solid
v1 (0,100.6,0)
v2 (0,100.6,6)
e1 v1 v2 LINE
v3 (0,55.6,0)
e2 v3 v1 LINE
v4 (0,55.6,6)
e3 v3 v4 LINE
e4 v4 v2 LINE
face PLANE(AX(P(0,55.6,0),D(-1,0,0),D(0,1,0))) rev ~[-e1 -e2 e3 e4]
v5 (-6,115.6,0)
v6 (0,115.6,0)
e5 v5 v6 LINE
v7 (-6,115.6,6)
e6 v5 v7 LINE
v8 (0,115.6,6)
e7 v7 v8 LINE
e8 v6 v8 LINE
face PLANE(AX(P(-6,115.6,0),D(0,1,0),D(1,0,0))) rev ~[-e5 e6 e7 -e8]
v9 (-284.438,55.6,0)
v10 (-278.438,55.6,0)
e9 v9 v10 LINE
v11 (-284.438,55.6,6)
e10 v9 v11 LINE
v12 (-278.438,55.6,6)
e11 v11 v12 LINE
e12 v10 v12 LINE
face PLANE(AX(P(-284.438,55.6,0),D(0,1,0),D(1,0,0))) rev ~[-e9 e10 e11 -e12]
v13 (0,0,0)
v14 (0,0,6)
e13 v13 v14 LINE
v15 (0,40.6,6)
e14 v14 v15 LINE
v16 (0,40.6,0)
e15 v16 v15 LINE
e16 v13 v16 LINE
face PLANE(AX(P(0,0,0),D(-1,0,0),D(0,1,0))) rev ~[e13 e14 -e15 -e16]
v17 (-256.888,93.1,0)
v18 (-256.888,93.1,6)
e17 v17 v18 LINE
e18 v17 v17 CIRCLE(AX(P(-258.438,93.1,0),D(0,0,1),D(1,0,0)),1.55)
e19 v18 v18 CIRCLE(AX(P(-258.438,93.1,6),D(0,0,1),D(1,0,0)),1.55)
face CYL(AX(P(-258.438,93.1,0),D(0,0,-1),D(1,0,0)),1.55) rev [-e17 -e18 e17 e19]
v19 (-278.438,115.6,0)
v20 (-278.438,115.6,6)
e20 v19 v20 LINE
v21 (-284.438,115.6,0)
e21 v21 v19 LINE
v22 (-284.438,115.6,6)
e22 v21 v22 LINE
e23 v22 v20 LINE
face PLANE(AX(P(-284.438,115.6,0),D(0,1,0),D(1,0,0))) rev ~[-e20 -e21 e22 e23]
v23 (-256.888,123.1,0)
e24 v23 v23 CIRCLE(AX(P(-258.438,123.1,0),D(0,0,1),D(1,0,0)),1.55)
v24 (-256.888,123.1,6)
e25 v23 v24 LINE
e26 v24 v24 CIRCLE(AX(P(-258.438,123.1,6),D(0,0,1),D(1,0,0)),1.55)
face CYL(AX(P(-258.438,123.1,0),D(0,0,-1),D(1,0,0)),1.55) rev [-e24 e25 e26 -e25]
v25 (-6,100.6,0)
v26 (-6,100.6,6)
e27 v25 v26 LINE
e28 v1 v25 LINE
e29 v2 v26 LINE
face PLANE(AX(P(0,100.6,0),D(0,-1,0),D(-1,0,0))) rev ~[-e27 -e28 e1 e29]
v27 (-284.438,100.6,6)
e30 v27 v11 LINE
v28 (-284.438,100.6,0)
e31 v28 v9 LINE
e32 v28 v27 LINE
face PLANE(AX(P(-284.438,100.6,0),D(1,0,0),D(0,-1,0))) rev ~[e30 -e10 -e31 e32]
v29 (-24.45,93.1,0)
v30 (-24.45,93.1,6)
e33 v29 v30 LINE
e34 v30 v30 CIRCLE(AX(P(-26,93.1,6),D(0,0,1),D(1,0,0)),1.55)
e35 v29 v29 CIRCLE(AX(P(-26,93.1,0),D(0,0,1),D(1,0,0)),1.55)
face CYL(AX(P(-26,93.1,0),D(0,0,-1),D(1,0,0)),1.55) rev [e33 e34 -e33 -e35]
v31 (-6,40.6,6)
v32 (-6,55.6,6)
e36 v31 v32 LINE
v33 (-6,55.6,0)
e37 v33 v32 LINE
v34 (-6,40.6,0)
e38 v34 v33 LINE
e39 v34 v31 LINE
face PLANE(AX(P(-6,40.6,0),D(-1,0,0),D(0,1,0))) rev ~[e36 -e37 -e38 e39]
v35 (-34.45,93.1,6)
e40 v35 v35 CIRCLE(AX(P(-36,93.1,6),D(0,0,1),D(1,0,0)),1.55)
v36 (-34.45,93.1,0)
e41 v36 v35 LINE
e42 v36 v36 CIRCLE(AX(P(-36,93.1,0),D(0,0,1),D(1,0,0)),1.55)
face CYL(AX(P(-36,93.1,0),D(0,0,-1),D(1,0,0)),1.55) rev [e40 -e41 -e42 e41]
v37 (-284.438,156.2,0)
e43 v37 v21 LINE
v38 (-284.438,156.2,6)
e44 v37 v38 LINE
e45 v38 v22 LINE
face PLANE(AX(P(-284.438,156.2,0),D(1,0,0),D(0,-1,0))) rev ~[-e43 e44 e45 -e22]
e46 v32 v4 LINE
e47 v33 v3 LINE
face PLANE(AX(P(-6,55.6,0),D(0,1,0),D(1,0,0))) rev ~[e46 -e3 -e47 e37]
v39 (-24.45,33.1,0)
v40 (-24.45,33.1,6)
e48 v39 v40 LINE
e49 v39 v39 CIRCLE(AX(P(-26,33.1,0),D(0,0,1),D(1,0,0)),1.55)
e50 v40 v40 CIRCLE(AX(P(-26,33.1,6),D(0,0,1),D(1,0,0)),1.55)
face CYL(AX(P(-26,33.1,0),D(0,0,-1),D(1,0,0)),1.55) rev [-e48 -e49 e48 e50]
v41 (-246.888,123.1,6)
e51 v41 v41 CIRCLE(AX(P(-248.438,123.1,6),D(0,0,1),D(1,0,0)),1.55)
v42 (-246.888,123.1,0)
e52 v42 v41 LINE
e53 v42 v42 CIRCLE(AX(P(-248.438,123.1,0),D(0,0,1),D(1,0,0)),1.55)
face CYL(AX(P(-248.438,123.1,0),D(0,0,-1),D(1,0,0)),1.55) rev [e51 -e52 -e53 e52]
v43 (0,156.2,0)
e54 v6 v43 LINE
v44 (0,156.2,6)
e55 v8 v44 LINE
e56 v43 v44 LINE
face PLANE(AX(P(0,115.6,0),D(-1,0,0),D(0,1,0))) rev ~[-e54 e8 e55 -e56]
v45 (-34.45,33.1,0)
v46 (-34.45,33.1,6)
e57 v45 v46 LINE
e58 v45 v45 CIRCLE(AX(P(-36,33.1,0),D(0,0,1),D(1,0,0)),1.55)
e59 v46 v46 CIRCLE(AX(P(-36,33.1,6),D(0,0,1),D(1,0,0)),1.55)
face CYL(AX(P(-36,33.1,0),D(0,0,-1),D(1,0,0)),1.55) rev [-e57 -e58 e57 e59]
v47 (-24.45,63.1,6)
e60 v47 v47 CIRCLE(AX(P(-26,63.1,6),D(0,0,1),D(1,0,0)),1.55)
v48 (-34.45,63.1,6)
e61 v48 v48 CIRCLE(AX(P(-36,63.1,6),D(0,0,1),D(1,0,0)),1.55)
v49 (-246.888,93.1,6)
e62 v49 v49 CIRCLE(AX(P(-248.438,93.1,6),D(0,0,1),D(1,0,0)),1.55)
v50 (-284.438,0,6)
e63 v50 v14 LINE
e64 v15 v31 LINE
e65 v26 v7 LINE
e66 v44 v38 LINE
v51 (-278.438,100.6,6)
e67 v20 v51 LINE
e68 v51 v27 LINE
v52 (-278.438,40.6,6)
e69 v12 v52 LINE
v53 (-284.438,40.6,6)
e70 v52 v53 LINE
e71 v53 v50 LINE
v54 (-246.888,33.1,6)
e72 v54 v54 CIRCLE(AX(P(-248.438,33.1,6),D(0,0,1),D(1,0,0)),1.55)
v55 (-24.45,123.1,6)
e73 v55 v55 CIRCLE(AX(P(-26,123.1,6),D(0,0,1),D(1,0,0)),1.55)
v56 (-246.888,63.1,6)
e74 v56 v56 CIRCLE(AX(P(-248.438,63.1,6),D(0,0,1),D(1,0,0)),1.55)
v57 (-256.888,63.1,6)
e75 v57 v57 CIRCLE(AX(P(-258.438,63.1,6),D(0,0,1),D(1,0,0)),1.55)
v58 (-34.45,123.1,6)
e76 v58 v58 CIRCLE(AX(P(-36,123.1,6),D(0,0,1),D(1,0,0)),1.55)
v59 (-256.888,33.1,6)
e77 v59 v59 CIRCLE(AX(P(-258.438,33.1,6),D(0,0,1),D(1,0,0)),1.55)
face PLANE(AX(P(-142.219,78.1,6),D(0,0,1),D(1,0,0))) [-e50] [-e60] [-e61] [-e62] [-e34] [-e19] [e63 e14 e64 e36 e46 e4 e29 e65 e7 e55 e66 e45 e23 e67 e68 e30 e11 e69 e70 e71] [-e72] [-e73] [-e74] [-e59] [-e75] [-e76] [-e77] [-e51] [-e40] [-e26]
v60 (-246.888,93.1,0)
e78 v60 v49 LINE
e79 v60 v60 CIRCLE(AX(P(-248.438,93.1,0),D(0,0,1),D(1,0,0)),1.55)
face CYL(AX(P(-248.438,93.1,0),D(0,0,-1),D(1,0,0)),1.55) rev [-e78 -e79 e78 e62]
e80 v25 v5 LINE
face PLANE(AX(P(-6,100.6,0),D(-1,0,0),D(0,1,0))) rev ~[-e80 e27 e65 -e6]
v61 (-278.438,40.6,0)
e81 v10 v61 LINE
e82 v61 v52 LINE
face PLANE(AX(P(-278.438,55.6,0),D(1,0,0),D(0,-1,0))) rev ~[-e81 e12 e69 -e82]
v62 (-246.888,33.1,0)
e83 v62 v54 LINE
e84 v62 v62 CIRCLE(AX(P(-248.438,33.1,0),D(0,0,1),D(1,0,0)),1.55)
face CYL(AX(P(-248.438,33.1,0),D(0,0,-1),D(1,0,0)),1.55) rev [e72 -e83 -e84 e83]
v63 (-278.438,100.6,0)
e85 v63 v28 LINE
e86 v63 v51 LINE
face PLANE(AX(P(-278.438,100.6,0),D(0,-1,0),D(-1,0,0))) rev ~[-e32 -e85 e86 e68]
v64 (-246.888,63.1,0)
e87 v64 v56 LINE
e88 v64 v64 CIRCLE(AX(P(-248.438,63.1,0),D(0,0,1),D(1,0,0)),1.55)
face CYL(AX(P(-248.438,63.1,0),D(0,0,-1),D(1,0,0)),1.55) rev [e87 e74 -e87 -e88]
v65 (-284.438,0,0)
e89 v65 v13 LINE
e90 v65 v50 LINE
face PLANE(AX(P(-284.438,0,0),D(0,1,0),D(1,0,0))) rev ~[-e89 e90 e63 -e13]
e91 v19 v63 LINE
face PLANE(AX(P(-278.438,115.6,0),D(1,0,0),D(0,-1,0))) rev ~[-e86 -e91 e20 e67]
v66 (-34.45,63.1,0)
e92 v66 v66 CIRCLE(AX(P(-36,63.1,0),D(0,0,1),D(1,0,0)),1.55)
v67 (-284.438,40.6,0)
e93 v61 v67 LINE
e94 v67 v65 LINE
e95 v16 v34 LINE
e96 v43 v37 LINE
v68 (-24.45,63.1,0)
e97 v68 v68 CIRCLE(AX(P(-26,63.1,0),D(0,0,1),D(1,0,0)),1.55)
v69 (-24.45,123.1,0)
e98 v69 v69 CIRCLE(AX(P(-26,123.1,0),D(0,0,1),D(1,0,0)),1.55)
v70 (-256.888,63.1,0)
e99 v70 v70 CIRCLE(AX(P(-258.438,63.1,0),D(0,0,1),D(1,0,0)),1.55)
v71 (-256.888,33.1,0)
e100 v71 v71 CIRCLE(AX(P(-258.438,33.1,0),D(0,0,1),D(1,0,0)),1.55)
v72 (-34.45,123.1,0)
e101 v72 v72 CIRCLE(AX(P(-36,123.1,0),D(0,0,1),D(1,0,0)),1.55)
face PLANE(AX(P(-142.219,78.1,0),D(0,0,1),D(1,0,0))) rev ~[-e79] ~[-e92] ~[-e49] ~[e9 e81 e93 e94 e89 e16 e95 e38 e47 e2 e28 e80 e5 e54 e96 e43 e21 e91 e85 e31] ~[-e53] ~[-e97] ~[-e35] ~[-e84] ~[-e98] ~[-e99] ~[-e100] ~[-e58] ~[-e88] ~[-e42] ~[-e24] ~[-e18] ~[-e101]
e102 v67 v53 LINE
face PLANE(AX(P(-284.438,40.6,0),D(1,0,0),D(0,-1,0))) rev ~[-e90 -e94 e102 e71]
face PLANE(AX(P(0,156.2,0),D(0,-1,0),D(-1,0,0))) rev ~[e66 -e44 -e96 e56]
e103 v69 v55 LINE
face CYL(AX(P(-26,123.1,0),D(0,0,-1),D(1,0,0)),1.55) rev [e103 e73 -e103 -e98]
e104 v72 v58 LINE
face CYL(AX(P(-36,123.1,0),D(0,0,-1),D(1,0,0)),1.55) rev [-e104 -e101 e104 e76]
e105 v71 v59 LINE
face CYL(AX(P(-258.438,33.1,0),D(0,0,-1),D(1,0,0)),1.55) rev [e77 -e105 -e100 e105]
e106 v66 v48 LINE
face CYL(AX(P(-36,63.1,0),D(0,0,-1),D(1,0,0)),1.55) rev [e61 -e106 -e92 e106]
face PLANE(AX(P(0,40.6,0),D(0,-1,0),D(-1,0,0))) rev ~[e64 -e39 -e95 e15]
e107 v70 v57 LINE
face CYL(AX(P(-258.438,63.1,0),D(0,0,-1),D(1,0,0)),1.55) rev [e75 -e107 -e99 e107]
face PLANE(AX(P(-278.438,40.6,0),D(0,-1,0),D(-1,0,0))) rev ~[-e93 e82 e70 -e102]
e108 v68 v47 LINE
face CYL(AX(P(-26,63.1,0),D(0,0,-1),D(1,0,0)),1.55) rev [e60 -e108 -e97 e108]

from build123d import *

# Parameters (mm, degrees)
F0_R     = 1.55
F1_DEPTH = 6


with BuildPart() as f1:
    # F0 (on Top) → F1 (new body)
    with BuildSketch(Plane.XY):
        Polygon((-284.438, 0), (0, 0), (0, 40.6), (-6, 40.6), (-6, 55.6), (0, 55.6), (0, 100.6), (-6, 100.6), (-6, 115.6), (0, 115.6), (0, 156.2), (-284.438, 156.2), (-284.438, 115.6), (-278.438, 115.6), (-278.438, 100.6), (-284.438, 100.6), (-284.438, 55.6), (-278.438, 55.6), (-278.438, 40.6), (-284.438, 40.6), align=None)
        with Locations((-258.438, 33.1)):
            Circle(F0_R, mode=Mode.SUBTRACT)
        with Locations((-248.438, 33.1)):
            Circle(F0_R, mode=Mode.SUBTRACT)
        with Locations((-258.438, 63.1)):
            Circle(F0_R, mode=Mode.SUBTRACT)
        with Locations((-248.438, 63.1)):
            Circle(F0_R, mode=Mode.SUBTRACT)
        with Locations((-36, 33.1)):
            Circle(F0_R, mode=Mode.SUBTRACT)
        with Locations((-26, 33.1)):
            Circle(F0_R, mode=Mode.SUBTRACT)
        with Locations((-36, 63.1)):
            Circle(F0_R, mode=Mode.SUBTRACT)
        with Locations((-26, 63.1)):
            Circle(F0_R, mode=Mode.SUBTRACT)
        with Locations((-258.438, 93.1)):
            Circle(F0_R, mode=Mode.SUBTRACT)
        with Locations((-248.438, 93.1)):
            Circle(F0_R, mode=Mode.SUBTRACT)
        with Locations((-258.438, 123.1)):
            Circle(F0_R, mode=Mode.SUBTRACT)
        with Locations((-248.438, 123.1)):
            Circle(F0_R, mode=Mode.SUBTRACT)
        with Locations((-36, 93.1)):
            Circle(F0_R, mode=Mode.SUBTRACT)
        with Locations((-26, 93.1)):
            Circle(F0_R, mode=Mode.SUBTRACT)
        with Locations((-36, 123.1)):
            Circle(F0_R, mode=Mode.SUBTRACT)
        with Locations((-26, 123.1)):
            Circle(F0_R, mode=Mode.SUBTRACT)
    extrude(amount=F1_DEPTH)


solid = f1.part
